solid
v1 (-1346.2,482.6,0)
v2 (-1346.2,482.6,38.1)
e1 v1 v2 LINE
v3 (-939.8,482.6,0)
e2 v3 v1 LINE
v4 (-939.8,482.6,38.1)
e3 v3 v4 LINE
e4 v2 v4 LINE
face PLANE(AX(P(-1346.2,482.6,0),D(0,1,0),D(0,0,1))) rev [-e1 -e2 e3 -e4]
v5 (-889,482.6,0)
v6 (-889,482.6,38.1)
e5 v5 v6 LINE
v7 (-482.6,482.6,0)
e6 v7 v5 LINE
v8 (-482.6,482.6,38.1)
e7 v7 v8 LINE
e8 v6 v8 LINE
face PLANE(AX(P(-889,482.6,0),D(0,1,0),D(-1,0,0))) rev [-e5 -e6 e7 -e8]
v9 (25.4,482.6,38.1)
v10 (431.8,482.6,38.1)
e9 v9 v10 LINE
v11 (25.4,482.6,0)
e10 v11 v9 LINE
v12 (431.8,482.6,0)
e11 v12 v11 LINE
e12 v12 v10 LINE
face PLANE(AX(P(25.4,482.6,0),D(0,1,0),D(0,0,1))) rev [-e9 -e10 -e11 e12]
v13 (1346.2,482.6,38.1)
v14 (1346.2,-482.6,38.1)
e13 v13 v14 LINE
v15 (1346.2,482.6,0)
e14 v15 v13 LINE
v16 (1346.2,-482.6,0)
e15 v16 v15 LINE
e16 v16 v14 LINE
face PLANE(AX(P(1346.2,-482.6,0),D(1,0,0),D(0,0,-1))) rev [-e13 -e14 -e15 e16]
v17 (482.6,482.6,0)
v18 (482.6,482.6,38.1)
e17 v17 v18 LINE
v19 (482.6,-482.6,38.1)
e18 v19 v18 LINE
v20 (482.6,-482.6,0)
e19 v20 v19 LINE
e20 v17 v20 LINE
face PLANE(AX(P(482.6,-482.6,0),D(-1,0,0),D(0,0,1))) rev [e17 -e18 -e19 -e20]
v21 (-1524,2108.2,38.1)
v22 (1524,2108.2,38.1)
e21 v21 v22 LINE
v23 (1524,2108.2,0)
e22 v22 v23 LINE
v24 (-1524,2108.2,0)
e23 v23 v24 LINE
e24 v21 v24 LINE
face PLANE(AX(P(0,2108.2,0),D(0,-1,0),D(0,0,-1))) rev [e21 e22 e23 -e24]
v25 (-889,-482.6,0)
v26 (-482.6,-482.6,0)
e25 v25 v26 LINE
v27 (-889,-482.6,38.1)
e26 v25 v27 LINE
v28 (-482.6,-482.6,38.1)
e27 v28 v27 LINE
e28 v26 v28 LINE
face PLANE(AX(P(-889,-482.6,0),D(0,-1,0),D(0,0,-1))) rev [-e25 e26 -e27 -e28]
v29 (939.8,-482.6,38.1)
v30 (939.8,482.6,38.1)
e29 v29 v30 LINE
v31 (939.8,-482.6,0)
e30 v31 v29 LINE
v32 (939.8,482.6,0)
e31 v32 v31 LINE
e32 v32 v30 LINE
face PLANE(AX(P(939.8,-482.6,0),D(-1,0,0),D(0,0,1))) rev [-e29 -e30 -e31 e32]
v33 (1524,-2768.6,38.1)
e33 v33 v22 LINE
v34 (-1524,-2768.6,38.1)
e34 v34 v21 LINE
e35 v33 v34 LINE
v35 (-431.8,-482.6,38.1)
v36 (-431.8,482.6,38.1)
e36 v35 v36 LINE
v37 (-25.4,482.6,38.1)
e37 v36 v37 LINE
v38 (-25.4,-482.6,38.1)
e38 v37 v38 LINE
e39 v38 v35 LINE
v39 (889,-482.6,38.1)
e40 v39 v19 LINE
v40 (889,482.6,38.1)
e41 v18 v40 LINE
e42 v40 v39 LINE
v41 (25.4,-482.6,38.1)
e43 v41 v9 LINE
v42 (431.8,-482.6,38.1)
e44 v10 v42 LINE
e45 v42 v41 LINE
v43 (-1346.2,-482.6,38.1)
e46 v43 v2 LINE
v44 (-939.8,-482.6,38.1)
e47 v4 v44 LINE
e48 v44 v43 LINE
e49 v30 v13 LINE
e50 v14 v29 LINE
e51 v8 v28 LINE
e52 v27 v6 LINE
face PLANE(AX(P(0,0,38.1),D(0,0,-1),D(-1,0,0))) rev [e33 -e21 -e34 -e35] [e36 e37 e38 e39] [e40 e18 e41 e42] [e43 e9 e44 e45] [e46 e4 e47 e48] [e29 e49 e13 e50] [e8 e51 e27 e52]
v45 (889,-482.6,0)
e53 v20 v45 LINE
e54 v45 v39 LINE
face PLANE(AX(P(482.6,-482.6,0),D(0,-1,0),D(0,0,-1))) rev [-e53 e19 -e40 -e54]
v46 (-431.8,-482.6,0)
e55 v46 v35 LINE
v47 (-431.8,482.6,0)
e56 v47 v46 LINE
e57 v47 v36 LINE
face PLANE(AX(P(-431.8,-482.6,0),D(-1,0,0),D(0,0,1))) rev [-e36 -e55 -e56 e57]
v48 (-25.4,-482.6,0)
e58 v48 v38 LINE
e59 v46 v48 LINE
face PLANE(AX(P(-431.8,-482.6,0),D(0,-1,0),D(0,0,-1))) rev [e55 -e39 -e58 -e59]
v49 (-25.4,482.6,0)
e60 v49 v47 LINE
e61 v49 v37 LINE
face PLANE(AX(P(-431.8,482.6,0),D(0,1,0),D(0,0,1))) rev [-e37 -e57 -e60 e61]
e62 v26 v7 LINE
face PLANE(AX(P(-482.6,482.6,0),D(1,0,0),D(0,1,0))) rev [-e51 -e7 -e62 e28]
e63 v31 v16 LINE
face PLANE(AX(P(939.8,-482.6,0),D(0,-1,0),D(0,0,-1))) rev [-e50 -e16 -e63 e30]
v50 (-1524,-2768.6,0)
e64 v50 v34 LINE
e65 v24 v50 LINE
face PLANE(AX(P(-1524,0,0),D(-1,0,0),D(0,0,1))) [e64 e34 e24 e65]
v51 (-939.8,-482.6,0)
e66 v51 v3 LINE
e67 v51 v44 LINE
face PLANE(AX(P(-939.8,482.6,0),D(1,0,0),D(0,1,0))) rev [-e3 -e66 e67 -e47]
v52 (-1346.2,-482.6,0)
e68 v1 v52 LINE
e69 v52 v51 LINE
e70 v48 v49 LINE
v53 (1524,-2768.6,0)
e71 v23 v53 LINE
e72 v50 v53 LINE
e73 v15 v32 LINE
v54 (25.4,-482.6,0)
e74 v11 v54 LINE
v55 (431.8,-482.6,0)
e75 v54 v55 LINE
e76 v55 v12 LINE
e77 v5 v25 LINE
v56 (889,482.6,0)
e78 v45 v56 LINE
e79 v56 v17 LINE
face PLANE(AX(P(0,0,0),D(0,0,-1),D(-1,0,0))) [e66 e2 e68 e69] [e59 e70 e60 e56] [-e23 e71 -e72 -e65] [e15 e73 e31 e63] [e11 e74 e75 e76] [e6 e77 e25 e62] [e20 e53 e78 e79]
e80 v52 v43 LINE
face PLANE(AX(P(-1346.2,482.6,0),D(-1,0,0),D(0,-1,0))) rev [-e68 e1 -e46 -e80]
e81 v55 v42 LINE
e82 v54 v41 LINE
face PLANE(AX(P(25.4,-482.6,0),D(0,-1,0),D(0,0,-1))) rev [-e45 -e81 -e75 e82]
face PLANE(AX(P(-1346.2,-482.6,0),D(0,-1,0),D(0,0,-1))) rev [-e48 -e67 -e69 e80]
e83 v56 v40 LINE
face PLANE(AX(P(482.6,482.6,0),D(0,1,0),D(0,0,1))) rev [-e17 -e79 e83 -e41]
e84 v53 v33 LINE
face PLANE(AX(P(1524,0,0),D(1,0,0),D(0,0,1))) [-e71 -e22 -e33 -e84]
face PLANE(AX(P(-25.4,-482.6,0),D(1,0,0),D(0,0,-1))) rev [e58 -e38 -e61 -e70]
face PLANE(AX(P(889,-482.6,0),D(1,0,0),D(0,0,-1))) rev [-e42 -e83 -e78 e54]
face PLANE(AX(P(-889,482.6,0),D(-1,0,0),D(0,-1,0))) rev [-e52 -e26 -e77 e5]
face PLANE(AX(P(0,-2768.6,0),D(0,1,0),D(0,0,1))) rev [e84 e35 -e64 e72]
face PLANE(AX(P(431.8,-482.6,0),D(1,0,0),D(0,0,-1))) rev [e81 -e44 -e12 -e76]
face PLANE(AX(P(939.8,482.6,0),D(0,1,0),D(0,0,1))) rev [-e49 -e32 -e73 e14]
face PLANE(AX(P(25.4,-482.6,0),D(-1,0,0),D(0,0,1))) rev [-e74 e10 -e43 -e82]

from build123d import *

# Parameters (mm, degrees)
SKETCH1_W               = 2743.2
SKETCH1_H               = 1066.8
BOSS_EXTRUDE1_DEPTH     = 38.1
CUT_EXTRUDE1_DEPTH      = 1473.159546381
CUT_EXTRUDE1_DEPTH_BACK = 1473.159546381
SKETCH2_W               = 406.4
SKETCH2_H               = 965.2
SKETCH3_W               = 2743.2
SKETCH3_H               = 38.1
BOSS_EXTRUDE2_DEPTH     = 2235.2
SKETCH4_W               = 2743.2
SKETCH4_H               = 38.1
BOSS_EXTRUDE3_DEPTH     = 1574.8
SKETCH5_W               = 38.1
SKETCH5_H               = 4876.8
BOSS_EXTRUDE4_DEPTH     = 152.4


with BuildPart() as part:
    # Sketch1 → Boss-Extrude1 (new body)
    with BuildSketch(Plane.XY):
        Rectangle(SKETCH1_W, SKETCH1_H)
    extrude(amount=BOSS_EXTRUDE1_DEPTH)

    # Sketch2 → Cut-Extrude1 (cut, two sides: drawn at the far end of the back side and taken through both)
    with BuildSketch(Plane.XY.offset(38.1).offset(-CUT_EXTRUDE1_DEPTH_BACK)):
        with Locations((-1143, 0)):
            Rectangle(SKETCH2_W, SKETCH2_H)
        with Locations((-685.8, 0)):
            Rectangle(SKETCH2_W, SKETCH2_H)
        with Locations((-228.6, 0)):
            Rectangle(SKETCH2_W, SKETCH2_H)
        with Locations((228.6, 0)):
            Rectangle(SKETCH2_W, SKETCH2_H)
        with Locations((685.8, 0)):
            Rectangle(SKETCH2_W, SKETCH2_H)
        with Locations((1143, 0)):
            Rectangle(SKETCH2_W, SKETCH2_H)
    extrude(amount=CUT_EXTRUDE1_DEPTH + CUT_EXTRUDE1_DEPTH_BACK, mode=Mode.SUBTRACT)

    # Sketch3 → Boss-Extrude2 (add)
    with BuildSketch(Plane.XZ.offset(533.4)):
        with Locations((0, 19.05)):
            Rectangle(SKETCH3_W, SKETCH3_H)
    extrude(amount=BOSS_EXTRUDE2_DEPTH)

    # Sketch4 → Boss-Extrude3 (add)
    with BuildSketch(Plane(origin=(0, 533.4, 0), x_dir=(1, 0, 0), z_dir=(0, 1, 0))):
        with Locations((0, -19.05)):
            Rectangle(SKETCH4_W, SKETCH4_H)
    extrude(amount=BOSS_EXTRUDE3_DEPTH)

    # Sketch5 → Boss-Extrude4 (add)
    with BuildSketch(Plane.ZY.offset(1371.6)):
        with Locations((19.05, -330.2)):
            Rectangle(SKETCH5_W, SKETCH5_H)
    boss_extrude4 = extrude(amount=BOSS_EXTRUDE4_DEPTH)

    # Mirror1: Boss-Extrude4 across plane
    add(boss_extrude4.mirror(Plane(origin=(0, 0, 0), x_dir=(0, 0, 1), z_dir=(1, 0, 0))))


solid = part.part
